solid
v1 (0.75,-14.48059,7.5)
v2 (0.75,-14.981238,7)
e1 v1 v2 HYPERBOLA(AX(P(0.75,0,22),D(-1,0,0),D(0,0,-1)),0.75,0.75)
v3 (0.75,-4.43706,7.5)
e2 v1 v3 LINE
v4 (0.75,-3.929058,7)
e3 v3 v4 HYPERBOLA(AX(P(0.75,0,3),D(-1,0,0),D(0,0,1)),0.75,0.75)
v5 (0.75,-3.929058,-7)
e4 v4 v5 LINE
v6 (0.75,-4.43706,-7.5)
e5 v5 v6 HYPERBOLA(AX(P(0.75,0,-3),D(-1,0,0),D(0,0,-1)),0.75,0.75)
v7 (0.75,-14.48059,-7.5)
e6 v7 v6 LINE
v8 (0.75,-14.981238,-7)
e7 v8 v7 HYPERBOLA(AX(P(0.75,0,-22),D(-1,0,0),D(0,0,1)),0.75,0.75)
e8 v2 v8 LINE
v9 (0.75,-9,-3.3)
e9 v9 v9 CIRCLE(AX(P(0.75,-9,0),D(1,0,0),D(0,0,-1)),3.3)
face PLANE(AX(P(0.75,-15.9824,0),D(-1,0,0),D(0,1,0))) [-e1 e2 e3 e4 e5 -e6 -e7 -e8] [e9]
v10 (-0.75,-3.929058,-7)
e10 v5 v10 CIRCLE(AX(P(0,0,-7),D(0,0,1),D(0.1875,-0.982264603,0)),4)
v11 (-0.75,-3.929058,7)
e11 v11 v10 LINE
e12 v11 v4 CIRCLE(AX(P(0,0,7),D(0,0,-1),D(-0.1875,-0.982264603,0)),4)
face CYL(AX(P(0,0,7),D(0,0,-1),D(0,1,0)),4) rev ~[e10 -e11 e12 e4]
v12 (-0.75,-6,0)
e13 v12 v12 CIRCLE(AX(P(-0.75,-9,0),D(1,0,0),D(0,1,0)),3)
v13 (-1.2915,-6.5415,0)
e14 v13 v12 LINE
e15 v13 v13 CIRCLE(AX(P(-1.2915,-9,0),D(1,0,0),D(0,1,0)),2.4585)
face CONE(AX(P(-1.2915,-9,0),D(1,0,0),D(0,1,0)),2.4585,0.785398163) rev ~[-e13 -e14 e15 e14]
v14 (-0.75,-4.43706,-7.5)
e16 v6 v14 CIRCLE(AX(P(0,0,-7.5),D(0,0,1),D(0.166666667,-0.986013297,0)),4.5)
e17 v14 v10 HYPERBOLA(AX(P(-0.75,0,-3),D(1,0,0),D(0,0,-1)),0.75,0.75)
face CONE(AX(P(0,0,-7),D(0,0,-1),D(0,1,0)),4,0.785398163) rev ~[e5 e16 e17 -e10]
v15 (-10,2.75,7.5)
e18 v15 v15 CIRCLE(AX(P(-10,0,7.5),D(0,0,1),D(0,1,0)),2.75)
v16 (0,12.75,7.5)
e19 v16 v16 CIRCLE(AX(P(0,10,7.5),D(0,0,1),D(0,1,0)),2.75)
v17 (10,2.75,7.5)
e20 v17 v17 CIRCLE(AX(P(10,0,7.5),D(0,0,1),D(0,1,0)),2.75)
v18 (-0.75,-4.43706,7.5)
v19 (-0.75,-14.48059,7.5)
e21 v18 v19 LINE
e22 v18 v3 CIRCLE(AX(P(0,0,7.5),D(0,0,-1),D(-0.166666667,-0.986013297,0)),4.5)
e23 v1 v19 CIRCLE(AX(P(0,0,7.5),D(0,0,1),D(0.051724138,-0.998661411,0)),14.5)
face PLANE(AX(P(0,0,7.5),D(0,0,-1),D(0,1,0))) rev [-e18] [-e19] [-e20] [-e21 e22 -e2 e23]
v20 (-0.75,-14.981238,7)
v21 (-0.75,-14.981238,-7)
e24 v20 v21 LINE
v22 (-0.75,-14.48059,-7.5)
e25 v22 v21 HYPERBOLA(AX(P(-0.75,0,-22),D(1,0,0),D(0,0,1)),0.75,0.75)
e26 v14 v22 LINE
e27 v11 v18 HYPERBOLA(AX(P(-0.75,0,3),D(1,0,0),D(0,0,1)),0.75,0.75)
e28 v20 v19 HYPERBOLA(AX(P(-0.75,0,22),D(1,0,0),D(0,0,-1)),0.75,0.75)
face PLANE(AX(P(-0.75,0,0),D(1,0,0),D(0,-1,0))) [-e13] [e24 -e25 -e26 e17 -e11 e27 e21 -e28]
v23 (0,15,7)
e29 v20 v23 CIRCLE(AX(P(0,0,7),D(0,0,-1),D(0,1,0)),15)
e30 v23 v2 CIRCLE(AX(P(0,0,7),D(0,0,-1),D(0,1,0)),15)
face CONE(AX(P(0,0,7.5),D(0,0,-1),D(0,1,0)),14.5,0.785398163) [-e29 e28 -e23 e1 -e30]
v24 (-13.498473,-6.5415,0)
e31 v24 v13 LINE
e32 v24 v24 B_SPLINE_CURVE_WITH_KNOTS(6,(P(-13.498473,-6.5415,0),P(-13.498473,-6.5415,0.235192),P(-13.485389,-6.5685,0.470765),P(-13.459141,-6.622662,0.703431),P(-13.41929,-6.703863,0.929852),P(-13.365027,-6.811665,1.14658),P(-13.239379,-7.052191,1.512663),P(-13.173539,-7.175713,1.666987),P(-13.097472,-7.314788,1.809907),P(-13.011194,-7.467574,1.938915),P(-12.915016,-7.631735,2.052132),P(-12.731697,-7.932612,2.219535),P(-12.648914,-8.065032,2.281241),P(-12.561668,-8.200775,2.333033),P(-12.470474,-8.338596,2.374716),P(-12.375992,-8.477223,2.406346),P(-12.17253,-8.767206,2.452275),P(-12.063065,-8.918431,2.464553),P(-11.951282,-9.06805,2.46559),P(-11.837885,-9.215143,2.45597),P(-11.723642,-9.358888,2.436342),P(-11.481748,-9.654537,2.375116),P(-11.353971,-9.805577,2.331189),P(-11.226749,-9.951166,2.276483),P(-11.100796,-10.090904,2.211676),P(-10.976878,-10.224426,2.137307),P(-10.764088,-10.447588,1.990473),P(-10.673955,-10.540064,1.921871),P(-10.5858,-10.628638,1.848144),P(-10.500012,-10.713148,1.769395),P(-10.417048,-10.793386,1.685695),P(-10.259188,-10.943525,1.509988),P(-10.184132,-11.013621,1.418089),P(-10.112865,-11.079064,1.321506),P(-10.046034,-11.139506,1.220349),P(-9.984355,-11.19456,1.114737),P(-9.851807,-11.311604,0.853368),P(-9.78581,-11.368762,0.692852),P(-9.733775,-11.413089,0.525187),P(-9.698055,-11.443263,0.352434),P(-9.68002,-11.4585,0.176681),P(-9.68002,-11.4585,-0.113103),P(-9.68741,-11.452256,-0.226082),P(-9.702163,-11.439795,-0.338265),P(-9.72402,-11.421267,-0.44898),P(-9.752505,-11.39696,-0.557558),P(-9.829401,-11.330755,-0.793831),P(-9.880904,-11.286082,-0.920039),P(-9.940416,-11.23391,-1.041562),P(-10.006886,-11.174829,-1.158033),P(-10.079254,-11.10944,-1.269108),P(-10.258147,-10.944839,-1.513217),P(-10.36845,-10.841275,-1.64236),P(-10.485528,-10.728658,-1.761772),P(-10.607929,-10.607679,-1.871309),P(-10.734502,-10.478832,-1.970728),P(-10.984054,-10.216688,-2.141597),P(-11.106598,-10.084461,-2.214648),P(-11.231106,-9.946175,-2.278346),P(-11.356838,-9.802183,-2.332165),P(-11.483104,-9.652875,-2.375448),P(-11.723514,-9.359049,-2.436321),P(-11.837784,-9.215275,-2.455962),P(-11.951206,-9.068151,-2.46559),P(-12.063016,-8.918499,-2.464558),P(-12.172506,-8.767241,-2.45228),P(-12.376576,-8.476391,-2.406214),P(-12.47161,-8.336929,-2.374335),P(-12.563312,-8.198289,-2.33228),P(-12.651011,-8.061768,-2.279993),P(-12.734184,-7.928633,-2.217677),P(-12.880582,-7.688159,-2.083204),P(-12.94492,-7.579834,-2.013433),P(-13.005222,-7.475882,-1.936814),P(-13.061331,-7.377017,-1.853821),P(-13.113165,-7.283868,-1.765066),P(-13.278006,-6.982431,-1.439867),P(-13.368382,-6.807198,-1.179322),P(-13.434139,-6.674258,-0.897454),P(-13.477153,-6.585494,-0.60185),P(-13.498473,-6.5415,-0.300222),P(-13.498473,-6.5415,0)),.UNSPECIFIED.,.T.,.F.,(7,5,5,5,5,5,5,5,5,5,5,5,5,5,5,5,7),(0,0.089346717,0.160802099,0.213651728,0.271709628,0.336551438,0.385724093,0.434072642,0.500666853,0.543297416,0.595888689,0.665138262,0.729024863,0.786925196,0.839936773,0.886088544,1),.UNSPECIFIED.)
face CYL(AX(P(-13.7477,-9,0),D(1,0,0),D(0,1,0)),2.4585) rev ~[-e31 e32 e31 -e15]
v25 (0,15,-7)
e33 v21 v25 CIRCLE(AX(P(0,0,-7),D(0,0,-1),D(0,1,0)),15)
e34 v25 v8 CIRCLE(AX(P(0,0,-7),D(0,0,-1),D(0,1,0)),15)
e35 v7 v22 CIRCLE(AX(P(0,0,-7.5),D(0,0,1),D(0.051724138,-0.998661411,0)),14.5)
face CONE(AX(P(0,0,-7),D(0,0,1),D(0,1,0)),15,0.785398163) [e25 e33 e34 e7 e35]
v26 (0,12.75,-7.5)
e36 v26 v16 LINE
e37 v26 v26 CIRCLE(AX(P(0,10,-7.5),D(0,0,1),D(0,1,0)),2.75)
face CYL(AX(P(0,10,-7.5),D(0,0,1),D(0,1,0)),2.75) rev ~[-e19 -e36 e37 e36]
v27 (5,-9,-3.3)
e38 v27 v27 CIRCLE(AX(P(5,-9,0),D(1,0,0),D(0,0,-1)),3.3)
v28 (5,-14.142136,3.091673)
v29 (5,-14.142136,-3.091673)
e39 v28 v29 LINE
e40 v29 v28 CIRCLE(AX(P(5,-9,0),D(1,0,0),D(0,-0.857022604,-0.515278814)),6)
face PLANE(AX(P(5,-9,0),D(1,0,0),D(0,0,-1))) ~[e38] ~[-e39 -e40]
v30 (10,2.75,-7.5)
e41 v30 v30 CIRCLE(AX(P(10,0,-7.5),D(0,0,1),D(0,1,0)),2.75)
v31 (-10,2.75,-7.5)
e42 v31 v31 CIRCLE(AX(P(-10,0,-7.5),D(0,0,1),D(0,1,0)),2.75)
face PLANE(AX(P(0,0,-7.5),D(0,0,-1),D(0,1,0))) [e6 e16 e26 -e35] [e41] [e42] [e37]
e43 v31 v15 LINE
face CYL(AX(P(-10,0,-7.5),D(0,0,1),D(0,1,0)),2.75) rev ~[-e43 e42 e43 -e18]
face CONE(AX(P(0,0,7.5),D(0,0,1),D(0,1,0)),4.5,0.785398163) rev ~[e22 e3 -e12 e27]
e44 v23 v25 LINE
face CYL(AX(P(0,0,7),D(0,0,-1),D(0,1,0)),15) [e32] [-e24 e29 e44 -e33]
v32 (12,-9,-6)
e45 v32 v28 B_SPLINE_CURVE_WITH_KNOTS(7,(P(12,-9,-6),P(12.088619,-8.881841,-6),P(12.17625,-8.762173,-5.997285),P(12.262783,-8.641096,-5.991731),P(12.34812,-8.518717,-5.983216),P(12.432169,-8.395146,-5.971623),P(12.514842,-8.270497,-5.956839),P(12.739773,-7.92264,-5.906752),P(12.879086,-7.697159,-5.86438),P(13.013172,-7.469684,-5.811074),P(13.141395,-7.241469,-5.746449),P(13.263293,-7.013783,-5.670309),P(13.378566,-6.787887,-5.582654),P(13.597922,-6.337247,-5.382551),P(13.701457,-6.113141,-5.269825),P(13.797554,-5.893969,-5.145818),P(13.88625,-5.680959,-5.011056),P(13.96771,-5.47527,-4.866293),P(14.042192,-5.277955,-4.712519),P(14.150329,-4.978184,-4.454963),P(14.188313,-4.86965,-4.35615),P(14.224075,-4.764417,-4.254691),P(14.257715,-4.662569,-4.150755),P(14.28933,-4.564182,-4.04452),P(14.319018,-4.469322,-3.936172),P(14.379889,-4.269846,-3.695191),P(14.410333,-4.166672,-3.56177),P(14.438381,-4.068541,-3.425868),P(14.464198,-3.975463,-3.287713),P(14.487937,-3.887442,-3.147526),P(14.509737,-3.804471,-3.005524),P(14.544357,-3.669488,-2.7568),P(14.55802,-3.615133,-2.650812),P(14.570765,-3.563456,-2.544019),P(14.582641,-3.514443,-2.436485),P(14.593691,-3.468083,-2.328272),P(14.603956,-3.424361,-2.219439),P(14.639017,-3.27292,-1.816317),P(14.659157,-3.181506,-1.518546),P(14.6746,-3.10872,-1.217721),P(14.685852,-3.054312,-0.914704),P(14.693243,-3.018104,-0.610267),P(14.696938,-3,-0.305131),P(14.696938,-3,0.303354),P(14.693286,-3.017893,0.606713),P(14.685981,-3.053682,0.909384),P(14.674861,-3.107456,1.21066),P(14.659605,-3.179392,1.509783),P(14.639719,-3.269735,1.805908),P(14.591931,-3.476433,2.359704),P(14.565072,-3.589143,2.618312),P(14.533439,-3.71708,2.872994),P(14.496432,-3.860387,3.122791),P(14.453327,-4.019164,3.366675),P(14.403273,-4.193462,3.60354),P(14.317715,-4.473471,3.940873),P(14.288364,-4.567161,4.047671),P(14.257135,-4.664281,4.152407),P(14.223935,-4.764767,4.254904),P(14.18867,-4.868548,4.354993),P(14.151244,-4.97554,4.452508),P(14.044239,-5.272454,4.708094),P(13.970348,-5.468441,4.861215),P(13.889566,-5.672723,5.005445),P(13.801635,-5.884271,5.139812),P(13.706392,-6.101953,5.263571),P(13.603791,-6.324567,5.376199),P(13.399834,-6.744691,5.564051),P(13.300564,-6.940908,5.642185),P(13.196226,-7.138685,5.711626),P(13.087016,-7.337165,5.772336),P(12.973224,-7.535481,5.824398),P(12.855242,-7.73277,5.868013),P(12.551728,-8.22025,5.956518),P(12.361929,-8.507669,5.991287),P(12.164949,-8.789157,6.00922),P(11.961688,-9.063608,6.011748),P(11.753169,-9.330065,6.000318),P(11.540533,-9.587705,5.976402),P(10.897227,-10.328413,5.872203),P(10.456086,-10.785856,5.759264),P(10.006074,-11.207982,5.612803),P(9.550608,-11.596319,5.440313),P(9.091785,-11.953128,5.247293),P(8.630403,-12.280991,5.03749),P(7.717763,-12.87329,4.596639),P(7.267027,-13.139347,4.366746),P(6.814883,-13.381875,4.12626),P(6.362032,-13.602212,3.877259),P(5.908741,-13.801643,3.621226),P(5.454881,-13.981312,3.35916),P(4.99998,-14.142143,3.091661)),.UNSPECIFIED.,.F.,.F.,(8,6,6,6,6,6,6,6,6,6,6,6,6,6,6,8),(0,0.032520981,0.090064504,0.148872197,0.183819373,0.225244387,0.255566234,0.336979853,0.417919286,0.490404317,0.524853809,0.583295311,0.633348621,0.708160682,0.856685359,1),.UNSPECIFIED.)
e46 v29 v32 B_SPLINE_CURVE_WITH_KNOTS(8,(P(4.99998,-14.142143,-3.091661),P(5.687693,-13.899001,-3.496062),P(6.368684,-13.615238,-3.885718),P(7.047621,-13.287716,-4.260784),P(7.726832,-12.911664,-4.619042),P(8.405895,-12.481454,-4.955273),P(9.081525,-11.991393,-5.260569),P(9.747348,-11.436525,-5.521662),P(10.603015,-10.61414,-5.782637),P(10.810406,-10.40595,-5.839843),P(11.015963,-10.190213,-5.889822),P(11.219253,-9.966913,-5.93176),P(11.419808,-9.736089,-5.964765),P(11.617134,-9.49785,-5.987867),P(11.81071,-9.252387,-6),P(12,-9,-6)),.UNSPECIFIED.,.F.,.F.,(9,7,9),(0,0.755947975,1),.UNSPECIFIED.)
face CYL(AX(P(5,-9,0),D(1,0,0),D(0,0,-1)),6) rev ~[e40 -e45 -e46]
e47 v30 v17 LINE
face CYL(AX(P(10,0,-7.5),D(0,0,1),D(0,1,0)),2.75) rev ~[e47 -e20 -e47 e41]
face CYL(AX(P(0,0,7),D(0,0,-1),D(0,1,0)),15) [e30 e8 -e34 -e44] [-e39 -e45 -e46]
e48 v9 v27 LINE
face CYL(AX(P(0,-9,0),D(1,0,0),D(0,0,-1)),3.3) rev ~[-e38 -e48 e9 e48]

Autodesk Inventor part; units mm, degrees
sketch "Sketch_14" plane through (0, 0, 0) normal (1, 0, 0) x (0, 1, 0)
  line L0 (0, -7.5) -> (0, 7.5)
  line L1 (0, 7.5) -> (14.5, 7.5)
  line L2 (14.5, 7.5) -> (15, 7)
  line L3 (15, 7) -> (15, -7)
  line L4 (15, -7) -> (14.5, -7.5)
  line L5 (14.5, -7.5) -> (0, -7.5)
  line L6 (0, -7.5) -> (0, 7.5)
revolve "Revolution1" add sketch "Sketch_14" angle 360 about axis through (0, 0, -7.5) along (0, 0, -1)
sketch "Sketch_15" plane through (0, 0, 0) normal (1, 0, 0) x (0, 1, 0)
  line L0 (0, -7.5) -> (0, 7.5)
  line L1 (0, 7.5) -> (4.5, 7.5)
  line L2 (4.5, 7.5) -> (4, 7)
  line L3 (4, 7) -> (4, -7)
  line L4 (4, -7) -> (4.5, -7.5)
  line L5 (4.5, -7.5) -> (0, -7.5)
  line L6 (0, -7.5) -> (0, 7.5)
revolve "Revolution2" cut sketch "Sketch_15" angle 360 about axis through (0, 0, -7.5) along (0, 0, -1)
sketch "Sketch_16" plane through (0, 0, 0) normal (0, 0, 1) x (1, 0, 0)
  arc A0 (-0.75, -15.9824) -> (0.75, -15.9824) centre (0, 0) ccw
  line L0 (0.75, -15.9824) -> (0.75, 0)
  line L1 (0.75, 0) -> (-0.75, 0)
  line L2 (-0.75, 0) -> (-0.75, -15.9824)
extrude "Extrusion1" cut sketch "Sketch_16" along normal mid plane 15
sketch "Sketch4" plane through (0, 0, -7.5) normal (0, 0, -1) x (-1, 0, 0)
  point P0 (-10, 0)
hole "Hole1" at (10, 0, -7.5) direction (0, 0, 1) diameter 5.5 depth 15
sketch "Sketch5" plane through (0, 0, -7.5) normal (0, 0, -1) x (-1, 0, 0)
  point P0 (10, 0)
hole "Hole2" at (-10, 0, -7.5) direction (0, 0, 1) diameter 5.5 depth 15
sketch "Sketch6" plane through (0, 0, -7.5) normal (0, 0, -1) x (-1, 0, 0)
  point P0 (0, 10)
hole "Hole3" at (0, 10, -7.5) direction (0, 0, 1) diameter 5.5 depth 15
sketch "Sketch_23" plane through (0, -9, 0) normal (0, 1, 0) x (1, 0, 0)
  line L0 (15, 0) -> (0, 0)
  line L1 (0, 0) -> (0, 3.3)
  line L2 (0, 3.3) -> (5, 3.3)
  line L3 (5, 3.3) -> (5, 6)
  line L4 (5, 6) -> (15, 6)
  line L5 (15, 6) -> (15, 0)
  line L6 (15, 0) -> (0, 0)
revolve "Revolution3" cut sketch "Sketch_23" angle 360 about axis through (15, -9, 0) along (1, 0, 0)
sketch "Sketch_25" plane through (0, 0, 0) normal (0, 0, 1) x (1, 0, 0)
  line L0 (-0.75, -9) -> (-13.7477, -9)
  line L1 (-13.7477, -9) -> (-13.7477, -6.5415)
  line L2 (-13.7477, -6.5415) -> (-1.2915, -6.5415)
  line L3 (-1.2915, -6.5415) -> (-0.75, -6)
  line L4 (-0.75, -6) -> (-0.75, -9)
  line L5 (-0.75, -9) -> (-13.7477, -9)
revolve "Revolution4" cut sketch "Sketch_25" angle 360 about axis through (-0.75, -9, 0) along (1, 0, 0)
thread "Thread1" size "M6x1" class "6H" standard "ISO Metric profile" length 12.4562
ref_plane "to_bolt_XY" through (5, -9, 0) normal (1, 0, 0) x (0, 0, -1)
ref_plane "to_bolt_YZ" through (5, -9, 0) normal (0, 0, -1) x (0, 1, 0)
ref_plane "to_bolt_ZX" through (5, -9, 0) normal (0, 1, 0) x (1, 0, 0)
properties part number "SCST8-15b"
